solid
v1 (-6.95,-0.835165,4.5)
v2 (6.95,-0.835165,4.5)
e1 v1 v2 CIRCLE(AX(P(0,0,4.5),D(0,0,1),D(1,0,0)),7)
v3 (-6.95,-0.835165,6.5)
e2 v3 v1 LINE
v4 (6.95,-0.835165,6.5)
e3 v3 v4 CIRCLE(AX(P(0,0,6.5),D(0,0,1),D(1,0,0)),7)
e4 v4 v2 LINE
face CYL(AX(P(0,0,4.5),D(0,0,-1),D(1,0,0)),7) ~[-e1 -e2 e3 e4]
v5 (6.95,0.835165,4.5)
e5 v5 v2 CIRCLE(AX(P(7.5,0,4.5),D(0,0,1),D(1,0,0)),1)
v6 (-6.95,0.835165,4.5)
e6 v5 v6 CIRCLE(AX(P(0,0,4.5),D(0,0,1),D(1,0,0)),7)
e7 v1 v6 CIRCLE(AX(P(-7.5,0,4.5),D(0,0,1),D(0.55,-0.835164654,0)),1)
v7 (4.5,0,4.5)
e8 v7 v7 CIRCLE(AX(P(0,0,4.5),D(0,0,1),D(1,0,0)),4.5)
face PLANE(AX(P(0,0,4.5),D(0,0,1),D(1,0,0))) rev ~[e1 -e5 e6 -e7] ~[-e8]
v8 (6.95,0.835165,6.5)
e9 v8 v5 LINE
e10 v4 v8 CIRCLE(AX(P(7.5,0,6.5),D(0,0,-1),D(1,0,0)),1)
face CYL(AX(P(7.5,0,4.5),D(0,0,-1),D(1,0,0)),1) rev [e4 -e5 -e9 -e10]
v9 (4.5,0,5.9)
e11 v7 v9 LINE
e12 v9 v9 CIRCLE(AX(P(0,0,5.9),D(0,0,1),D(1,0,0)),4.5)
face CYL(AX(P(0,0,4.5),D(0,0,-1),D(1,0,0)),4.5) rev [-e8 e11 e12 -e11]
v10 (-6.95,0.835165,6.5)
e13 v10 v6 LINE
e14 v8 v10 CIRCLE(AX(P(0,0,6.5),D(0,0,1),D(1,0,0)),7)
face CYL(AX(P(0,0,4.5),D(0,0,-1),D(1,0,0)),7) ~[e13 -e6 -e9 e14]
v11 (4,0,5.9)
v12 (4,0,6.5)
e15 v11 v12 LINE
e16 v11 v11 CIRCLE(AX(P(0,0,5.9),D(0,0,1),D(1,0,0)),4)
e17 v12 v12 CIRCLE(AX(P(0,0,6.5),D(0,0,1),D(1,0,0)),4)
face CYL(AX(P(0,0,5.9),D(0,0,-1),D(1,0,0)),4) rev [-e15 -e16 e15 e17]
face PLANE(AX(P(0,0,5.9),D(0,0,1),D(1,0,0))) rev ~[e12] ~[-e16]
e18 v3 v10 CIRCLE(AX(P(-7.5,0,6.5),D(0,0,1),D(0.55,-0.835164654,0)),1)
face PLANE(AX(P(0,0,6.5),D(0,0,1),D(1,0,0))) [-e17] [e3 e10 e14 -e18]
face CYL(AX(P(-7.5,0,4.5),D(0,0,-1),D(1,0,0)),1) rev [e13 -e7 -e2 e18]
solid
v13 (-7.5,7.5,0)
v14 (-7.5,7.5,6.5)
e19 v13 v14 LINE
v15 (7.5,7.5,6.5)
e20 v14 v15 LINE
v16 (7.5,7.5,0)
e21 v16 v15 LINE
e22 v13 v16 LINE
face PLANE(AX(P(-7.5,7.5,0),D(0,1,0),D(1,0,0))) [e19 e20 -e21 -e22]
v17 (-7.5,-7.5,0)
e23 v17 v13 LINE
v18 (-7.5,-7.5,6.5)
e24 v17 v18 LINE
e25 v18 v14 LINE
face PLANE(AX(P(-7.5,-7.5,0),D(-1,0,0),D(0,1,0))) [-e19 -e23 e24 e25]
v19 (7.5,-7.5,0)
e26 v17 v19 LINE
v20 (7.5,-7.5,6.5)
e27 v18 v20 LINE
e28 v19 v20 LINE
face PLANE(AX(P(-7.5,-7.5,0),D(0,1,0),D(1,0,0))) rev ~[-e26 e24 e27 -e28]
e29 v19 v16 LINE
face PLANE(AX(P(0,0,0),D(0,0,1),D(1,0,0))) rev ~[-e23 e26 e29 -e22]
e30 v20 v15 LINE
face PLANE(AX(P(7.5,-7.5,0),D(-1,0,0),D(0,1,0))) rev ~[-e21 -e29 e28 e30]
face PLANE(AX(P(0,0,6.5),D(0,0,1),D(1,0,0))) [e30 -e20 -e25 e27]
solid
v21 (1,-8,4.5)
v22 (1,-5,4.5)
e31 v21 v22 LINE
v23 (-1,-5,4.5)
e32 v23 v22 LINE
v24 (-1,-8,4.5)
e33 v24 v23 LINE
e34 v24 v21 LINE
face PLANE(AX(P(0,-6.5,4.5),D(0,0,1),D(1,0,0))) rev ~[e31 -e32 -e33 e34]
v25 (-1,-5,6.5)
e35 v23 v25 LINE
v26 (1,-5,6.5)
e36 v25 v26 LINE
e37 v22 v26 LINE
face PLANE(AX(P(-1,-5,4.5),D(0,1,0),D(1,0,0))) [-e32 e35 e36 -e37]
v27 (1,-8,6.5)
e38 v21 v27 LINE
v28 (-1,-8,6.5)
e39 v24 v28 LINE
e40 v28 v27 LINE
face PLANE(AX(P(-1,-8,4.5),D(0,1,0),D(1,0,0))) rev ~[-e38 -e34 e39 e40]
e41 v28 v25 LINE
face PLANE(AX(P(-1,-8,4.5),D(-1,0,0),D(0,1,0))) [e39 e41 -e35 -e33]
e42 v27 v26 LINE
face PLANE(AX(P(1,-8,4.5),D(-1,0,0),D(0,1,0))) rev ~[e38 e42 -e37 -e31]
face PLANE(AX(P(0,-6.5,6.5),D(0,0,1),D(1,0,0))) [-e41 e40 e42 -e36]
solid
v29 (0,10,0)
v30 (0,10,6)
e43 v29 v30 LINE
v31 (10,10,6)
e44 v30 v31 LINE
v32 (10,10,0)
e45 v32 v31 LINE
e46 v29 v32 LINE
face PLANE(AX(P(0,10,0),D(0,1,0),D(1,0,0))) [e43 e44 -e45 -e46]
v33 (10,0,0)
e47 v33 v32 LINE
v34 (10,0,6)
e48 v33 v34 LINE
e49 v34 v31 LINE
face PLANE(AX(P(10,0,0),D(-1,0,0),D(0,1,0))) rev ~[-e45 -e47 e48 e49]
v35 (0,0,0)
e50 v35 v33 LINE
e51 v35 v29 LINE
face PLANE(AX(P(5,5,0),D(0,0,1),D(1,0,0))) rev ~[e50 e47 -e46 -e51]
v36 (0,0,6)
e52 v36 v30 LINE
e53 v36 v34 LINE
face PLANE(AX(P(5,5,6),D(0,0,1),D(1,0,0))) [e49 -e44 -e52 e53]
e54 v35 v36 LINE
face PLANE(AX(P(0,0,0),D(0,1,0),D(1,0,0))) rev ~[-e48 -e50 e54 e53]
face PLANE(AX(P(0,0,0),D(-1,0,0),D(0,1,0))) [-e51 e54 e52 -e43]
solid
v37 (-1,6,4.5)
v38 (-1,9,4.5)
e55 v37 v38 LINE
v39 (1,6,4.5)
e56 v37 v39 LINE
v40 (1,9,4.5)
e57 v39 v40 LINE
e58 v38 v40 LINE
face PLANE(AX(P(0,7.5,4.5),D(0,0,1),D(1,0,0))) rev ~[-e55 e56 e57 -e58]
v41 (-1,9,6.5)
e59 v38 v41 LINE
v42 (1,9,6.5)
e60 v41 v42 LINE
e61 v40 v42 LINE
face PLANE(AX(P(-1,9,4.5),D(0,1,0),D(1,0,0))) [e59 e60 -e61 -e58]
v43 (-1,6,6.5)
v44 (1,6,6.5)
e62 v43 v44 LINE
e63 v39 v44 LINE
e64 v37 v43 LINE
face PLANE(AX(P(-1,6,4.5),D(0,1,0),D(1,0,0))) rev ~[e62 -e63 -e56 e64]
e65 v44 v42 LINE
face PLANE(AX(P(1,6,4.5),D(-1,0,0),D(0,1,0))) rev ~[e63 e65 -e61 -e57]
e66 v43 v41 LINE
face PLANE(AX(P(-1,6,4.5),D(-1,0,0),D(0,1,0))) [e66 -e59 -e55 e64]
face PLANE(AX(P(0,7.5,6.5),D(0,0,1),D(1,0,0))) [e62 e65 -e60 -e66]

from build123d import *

# Parameters (mm, degrees)
BOX_W             = 15
BOX_H             = 15
BOX_DEPTH         = 6.5
BOX001_W          = 2
BOX001_H          = 3
BOX001_DEPTH      = 2
BOX002_W          = 2
BOX002_H          = 3
BOX002_DEPTH      = 2
CYLINDER_R        = 4.5
CYLINDER_DEPTH    = 1.4
CYLINDER003_R     = 1
CYLINDER003_DEPTH = 10
CYLINDER004_R     = 1
CYLINDER004_DEPTH = 10
CYLINDER001_R     = 4
CYLINDER001_DEPTH = 0.6
CYLINDER002_R     = 7
CYLINDER002_DEPTH = 2
BOX003_W          = 10
BOX003_H          = 10
BOX003_DEPTH      = 6


with BuildPart() as cube:
    # Box → Box (new body)
    with BuildSketch(Plane(origin=(-7.5, -7.5, 0), x_dir=(1, 0, 0), z_dir=(0, 0, 1))):
        with Locations((7.5, 7.5)):
            Rectangle(BOX_W, BOX_H)
    extrude(amount=BOX_DEPTH)


with BuildPart() as cube001:
    # Box001 → Box001 (new body)
    with BuildSketch(Plane(origin=(-1, -8, 4.5), x_dir=(1, 0, 0), z_dir=(0, 0, 1))):
        with Locations((1, 1.5)):
            Rectangle(BOX001_W, BOX001_H)
    extrude(amount=BOX001_DEPTH)


with BuildPart() as cube002:
    # Box002 → Box002 (new body)
    with BuildSketch(Plane(origin=(-1, 6, 4.5), x_dir=(1, 0, 0), z_dir=(0, 0, 1))):
        with Locations((1, 1.5)):
            Rectangle(BOX002_W, BOX002_H)
    extrude(amount=BOX002_DEPTH)


with BuildPart() as innerhole:
    # Cylinder → Cylinder (new body)
    with BuildSketch(Plane.XY):
        Circle(CYLINDER_R)
    extrude(amount=CYLINDER_DEPTH)


with BuildPart() as cylinder002:
    # Cylinder003 → Cylinder003 (new body)
    with BuildSketch(Plane(origin=(7.5, 0, 0), x_dir=(1, 0, 0), z_dir=(0, 0, 1))):
        Circle(CYLINDER003_R)
    extrude(amount=CYLINDER003_DEPTH)


with BuildPart() as cylinder003:
    # Cylinder004 → Cylinder004 (new body)
    with BuildSketch(Plane(origin=(-7.5, 0, 0), x_dir=(1, 0, 0), z_dir=(0, 0, 1))):
        Circle(CYLINDER004_R)
    extrude(amount=CYLINDER004_DEPTH)


with BuildPart() as fusion:
    # Cylinder001 → Cylinder001 (new body)
    with BuildSketch(Plane.XY.offset(1.4)):
        Circle(CYLINDER001_R)
    extrude(amount=CYLINDER001_DEPTH)

    # Fusion: union InnerHole, Cylinder002, Cylinder003
    add(innerhole.part)
    add(cylinder002.part)
    add(cylinder003.part)


with BuildPart() as cut:
    # Cylinder002 → Cylinder002 (new body)
    with BuildSketch(Plane.XY):
        Circle(CYLINDER002_R)
    extrude(amount=CYLINDER002_DEPTH)

    # Cut: cut Fusion
    add(fusion.part, mode=Mode.SUBTRACT)


with BuildPart() as cut_1:
    # Cut placement: moved
    add(cut.part.moved(Location((0, 0, 4.5))))


with BuildPart() as cube003:
    # Box003 → Box003 (new body)
    with BuildSketch(Plane.XY):
        with Locations((5, 5)):
            Rectangle(BOX003_W, BOX003_H)
    extrude(amount=BOX003_DEPTH)


solid = Compound([cube.part, cube001.part, cube002.part, cut_1.part, cube003.part])
